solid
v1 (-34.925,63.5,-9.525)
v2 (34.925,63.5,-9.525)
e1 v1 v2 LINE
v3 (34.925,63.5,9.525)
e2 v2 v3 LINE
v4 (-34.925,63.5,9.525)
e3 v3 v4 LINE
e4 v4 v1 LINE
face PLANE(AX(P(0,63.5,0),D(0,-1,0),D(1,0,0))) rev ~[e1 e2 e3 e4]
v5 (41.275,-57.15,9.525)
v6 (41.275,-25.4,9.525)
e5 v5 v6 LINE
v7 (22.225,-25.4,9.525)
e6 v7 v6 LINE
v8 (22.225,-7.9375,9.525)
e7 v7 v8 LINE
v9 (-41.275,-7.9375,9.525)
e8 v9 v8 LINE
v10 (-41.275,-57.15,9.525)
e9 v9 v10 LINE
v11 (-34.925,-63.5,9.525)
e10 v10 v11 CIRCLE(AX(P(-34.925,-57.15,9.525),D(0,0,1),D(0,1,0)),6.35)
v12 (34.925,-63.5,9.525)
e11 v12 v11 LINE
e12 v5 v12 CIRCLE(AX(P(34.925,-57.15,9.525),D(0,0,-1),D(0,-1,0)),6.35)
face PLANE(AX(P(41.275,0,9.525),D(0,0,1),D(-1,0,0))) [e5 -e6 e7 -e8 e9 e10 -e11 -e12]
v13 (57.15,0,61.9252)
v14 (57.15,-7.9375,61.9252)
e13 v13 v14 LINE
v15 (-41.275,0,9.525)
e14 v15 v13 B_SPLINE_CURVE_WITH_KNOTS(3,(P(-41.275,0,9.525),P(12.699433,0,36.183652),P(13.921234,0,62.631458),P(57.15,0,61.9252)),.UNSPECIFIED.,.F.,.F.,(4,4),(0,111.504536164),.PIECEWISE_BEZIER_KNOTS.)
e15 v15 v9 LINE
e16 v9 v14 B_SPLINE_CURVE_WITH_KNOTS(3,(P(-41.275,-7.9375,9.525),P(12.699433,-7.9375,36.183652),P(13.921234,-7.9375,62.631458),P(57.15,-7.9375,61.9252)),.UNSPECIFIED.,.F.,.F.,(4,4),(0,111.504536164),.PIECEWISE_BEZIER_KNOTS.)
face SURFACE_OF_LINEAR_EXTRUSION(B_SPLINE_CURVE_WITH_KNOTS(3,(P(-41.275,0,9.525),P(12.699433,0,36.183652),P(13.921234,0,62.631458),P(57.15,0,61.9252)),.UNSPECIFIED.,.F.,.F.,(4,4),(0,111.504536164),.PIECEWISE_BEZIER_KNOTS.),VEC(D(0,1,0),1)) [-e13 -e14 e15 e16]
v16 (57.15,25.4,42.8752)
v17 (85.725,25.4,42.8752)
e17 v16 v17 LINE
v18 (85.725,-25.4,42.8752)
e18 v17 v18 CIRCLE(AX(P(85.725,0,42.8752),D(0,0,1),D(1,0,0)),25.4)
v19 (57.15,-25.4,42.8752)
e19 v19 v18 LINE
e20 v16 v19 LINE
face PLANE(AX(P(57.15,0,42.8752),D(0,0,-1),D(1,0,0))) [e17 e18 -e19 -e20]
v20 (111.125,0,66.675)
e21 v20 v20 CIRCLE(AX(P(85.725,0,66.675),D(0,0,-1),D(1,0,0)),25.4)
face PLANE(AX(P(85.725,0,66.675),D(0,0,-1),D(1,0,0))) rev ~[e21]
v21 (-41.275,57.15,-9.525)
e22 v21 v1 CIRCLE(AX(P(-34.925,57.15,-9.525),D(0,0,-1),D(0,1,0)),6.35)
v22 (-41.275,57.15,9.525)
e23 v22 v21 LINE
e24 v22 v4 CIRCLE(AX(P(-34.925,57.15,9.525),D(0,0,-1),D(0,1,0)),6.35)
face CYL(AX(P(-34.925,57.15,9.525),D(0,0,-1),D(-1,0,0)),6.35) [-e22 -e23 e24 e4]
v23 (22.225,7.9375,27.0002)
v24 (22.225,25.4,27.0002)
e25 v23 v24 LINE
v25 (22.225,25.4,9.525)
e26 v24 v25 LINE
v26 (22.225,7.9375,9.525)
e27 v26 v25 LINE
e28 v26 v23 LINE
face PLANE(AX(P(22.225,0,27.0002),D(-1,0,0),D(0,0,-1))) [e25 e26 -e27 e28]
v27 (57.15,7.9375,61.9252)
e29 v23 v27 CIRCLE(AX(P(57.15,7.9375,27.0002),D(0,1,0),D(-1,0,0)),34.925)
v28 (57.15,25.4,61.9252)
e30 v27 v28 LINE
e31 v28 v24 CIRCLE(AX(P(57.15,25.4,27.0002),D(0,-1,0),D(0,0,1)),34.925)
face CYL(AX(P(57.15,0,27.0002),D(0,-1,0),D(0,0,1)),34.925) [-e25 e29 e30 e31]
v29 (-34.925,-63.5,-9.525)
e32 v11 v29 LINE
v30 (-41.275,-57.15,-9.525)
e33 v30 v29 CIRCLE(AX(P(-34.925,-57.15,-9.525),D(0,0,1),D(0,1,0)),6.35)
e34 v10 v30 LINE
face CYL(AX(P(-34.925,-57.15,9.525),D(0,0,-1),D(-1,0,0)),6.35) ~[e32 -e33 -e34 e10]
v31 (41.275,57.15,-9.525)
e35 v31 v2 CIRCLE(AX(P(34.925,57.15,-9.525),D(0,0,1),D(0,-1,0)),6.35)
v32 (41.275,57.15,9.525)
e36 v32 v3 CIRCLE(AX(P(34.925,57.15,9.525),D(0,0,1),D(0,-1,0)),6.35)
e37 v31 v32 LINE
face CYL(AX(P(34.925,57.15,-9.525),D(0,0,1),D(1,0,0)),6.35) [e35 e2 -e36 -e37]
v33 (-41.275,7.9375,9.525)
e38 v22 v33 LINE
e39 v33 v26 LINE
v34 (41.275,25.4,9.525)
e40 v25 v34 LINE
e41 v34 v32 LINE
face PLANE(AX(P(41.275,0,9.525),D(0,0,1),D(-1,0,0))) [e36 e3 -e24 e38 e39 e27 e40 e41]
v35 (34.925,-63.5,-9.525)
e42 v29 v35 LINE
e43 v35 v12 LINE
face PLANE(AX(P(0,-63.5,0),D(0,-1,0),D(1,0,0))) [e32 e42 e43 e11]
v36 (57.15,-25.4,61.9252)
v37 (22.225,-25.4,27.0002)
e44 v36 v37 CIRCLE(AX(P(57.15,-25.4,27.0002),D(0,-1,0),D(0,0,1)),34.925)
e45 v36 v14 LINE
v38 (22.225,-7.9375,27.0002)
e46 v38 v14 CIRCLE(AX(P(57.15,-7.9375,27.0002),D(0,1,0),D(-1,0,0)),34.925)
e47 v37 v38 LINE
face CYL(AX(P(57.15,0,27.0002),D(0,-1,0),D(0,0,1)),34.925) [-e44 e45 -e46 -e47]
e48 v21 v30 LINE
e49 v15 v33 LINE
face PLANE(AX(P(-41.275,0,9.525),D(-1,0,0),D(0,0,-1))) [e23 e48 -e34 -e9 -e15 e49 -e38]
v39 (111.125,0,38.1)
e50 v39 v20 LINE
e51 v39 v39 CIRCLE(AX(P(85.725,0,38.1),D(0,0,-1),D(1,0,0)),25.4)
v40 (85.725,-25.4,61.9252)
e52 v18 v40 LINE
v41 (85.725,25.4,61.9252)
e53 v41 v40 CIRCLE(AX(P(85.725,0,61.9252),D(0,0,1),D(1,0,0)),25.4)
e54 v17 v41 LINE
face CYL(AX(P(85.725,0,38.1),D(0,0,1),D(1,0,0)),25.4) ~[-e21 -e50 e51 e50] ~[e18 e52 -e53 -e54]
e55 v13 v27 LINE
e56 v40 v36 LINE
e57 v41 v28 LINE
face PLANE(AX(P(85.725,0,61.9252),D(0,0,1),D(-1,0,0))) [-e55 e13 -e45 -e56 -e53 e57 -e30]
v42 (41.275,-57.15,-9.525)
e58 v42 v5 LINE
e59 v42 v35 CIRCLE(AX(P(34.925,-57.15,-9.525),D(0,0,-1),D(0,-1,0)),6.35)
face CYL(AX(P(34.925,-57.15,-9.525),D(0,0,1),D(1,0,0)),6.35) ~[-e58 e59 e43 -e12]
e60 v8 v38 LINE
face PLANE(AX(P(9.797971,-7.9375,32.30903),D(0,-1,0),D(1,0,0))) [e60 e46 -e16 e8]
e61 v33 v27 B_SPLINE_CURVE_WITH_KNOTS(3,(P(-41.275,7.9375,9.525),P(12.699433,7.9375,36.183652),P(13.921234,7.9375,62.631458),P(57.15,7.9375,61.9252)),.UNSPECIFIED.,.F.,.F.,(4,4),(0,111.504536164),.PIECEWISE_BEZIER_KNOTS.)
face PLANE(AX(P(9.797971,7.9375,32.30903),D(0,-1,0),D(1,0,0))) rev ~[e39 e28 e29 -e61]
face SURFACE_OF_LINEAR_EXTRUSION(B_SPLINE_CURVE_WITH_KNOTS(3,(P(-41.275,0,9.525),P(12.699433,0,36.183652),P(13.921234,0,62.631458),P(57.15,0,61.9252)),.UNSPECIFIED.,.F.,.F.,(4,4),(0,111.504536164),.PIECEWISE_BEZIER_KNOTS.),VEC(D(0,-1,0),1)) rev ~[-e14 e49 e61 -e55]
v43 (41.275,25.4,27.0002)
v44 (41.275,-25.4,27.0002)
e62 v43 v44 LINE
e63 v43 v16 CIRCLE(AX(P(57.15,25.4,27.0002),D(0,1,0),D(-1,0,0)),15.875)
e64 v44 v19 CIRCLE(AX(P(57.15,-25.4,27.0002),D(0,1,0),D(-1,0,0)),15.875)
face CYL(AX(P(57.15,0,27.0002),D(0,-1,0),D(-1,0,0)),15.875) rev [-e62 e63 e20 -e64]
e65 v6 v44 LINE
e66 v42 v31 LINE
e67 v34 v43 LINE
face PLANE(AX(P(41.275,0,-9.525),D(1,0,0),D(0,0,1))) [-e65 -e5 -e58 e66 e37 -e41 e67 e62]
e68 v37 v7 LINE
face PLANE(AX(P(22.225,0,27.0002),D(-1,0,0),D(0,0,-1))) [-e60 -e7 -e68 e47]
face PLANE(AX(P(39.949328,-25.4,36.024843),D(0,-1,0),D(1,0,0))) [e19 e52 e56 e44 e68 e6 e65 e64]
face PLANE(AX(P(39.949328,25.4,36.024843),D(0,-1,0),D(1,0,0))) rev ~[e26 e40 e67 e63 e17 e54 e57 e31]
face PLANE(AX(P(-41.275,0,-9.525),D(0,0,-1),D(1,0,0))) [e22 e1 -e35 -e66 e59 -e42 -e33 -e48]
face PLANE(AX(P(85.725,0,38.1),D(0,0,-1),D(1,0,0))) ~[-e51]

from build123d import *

# Parameters (mm, degrees)
F1_DEPTH = 63.5
F0_W     = 25.4
F0_H     = 19.05
F2_DEPTH = 25.4
F3_DEPTH = 7.9375
F5_R     = 6.35


with BuildPart() as f1:
    # F0 (on Front) → F1 (new body, symmetric)
    with BuildSketch(Plane.XZ):
        Polygon((41.275, 8.7261183647), (41.275, 9.525), (22.225, 9.525), (-41.275, 9.525), (-41.275, -9.525), (41.275, -9.525), align=None)
    extrude(amount=F1_DEPTH, both=True)

    # F0 (on Front) → F2 (join, symmetric)
    with BuildSketch(Plane.XZ):
        with BuildLine():
            Line((22.225, 9.525), (41.275, 9.525))
            Line((41.275, 9.525), (41.275, 27.0002))
            ThreePointArc((41.275, 27.0002), (45.9246798487, 38.2255201513), (57.15, 42.8752))
            Line((57.15, 42.8752), (60.325, 42.8752))
            Line((60.325, 42.8752), (60.325, 61.9252))
            Line((60.325, 61.9252), (57.15, 61.9252))
            ThreePointArc((57.15, 61.9252), (32.4542956671, 51.6959043329), (22.225, 27.0002))
            Line((22.225, 27.0002), (22.225, 9.525))
        make_face()
        with Locations((73.025, 52.4002)):
            Rectangle(F0_W, F0_H)
    extrude(amount=F2_DEPTH, both=True)

    # F0 (on Front) → F3 (join, symmetric)
    with BuildSketch(Plane.XZ):
        with BuildLine():
            Line((-41.275, 9.525), (22.225, 9.525))
            Line((22.225, 9.525), (22.225, 27.0002))
            ThreePointArc((22.225, 27.0002), (32.4542956671, 51.6959043329), (57.15, 61.9252))
            add(Edge.make_bspline(
                [(-41.275, 9.525), (12.6994326711, 36.1836515367), (13.9212344627, 62.6314580441), (57.15, 61.9252)],
                knots=[0, 0, 0, 0, 111.5045361635, 111.5045361635, 111.5045361635, 111.5045361635], degree=3))
        make_face()
    extrude(amount=F3_DEPTH, both=True)

    # F0 (on Front) → F4 (revolve)
    with BuildSketch(Plane.XZ):
        Polygon((85.725, 61.9252), (85.725, 42.8752), (85.725, 38.1), (111.125, 38.1), (111.125, 66.675), (85.725, 66.675), align=None)
    revolve(axis=Axis((85.725, 0, 52.3875), (0, 0, -1)))

    # F5
    f5_edges = [f1.edges().sort_by_distance(p)[0] for p in [
        (41.275, -63.5, 0),
        (-41.275, -63.5, 0),
        (-41.275, 63.5, 0),
        (41.275, 63.5, 0),
    ]]
    fillet(f5_edges, radius=F5_R)


solid = f1.part
